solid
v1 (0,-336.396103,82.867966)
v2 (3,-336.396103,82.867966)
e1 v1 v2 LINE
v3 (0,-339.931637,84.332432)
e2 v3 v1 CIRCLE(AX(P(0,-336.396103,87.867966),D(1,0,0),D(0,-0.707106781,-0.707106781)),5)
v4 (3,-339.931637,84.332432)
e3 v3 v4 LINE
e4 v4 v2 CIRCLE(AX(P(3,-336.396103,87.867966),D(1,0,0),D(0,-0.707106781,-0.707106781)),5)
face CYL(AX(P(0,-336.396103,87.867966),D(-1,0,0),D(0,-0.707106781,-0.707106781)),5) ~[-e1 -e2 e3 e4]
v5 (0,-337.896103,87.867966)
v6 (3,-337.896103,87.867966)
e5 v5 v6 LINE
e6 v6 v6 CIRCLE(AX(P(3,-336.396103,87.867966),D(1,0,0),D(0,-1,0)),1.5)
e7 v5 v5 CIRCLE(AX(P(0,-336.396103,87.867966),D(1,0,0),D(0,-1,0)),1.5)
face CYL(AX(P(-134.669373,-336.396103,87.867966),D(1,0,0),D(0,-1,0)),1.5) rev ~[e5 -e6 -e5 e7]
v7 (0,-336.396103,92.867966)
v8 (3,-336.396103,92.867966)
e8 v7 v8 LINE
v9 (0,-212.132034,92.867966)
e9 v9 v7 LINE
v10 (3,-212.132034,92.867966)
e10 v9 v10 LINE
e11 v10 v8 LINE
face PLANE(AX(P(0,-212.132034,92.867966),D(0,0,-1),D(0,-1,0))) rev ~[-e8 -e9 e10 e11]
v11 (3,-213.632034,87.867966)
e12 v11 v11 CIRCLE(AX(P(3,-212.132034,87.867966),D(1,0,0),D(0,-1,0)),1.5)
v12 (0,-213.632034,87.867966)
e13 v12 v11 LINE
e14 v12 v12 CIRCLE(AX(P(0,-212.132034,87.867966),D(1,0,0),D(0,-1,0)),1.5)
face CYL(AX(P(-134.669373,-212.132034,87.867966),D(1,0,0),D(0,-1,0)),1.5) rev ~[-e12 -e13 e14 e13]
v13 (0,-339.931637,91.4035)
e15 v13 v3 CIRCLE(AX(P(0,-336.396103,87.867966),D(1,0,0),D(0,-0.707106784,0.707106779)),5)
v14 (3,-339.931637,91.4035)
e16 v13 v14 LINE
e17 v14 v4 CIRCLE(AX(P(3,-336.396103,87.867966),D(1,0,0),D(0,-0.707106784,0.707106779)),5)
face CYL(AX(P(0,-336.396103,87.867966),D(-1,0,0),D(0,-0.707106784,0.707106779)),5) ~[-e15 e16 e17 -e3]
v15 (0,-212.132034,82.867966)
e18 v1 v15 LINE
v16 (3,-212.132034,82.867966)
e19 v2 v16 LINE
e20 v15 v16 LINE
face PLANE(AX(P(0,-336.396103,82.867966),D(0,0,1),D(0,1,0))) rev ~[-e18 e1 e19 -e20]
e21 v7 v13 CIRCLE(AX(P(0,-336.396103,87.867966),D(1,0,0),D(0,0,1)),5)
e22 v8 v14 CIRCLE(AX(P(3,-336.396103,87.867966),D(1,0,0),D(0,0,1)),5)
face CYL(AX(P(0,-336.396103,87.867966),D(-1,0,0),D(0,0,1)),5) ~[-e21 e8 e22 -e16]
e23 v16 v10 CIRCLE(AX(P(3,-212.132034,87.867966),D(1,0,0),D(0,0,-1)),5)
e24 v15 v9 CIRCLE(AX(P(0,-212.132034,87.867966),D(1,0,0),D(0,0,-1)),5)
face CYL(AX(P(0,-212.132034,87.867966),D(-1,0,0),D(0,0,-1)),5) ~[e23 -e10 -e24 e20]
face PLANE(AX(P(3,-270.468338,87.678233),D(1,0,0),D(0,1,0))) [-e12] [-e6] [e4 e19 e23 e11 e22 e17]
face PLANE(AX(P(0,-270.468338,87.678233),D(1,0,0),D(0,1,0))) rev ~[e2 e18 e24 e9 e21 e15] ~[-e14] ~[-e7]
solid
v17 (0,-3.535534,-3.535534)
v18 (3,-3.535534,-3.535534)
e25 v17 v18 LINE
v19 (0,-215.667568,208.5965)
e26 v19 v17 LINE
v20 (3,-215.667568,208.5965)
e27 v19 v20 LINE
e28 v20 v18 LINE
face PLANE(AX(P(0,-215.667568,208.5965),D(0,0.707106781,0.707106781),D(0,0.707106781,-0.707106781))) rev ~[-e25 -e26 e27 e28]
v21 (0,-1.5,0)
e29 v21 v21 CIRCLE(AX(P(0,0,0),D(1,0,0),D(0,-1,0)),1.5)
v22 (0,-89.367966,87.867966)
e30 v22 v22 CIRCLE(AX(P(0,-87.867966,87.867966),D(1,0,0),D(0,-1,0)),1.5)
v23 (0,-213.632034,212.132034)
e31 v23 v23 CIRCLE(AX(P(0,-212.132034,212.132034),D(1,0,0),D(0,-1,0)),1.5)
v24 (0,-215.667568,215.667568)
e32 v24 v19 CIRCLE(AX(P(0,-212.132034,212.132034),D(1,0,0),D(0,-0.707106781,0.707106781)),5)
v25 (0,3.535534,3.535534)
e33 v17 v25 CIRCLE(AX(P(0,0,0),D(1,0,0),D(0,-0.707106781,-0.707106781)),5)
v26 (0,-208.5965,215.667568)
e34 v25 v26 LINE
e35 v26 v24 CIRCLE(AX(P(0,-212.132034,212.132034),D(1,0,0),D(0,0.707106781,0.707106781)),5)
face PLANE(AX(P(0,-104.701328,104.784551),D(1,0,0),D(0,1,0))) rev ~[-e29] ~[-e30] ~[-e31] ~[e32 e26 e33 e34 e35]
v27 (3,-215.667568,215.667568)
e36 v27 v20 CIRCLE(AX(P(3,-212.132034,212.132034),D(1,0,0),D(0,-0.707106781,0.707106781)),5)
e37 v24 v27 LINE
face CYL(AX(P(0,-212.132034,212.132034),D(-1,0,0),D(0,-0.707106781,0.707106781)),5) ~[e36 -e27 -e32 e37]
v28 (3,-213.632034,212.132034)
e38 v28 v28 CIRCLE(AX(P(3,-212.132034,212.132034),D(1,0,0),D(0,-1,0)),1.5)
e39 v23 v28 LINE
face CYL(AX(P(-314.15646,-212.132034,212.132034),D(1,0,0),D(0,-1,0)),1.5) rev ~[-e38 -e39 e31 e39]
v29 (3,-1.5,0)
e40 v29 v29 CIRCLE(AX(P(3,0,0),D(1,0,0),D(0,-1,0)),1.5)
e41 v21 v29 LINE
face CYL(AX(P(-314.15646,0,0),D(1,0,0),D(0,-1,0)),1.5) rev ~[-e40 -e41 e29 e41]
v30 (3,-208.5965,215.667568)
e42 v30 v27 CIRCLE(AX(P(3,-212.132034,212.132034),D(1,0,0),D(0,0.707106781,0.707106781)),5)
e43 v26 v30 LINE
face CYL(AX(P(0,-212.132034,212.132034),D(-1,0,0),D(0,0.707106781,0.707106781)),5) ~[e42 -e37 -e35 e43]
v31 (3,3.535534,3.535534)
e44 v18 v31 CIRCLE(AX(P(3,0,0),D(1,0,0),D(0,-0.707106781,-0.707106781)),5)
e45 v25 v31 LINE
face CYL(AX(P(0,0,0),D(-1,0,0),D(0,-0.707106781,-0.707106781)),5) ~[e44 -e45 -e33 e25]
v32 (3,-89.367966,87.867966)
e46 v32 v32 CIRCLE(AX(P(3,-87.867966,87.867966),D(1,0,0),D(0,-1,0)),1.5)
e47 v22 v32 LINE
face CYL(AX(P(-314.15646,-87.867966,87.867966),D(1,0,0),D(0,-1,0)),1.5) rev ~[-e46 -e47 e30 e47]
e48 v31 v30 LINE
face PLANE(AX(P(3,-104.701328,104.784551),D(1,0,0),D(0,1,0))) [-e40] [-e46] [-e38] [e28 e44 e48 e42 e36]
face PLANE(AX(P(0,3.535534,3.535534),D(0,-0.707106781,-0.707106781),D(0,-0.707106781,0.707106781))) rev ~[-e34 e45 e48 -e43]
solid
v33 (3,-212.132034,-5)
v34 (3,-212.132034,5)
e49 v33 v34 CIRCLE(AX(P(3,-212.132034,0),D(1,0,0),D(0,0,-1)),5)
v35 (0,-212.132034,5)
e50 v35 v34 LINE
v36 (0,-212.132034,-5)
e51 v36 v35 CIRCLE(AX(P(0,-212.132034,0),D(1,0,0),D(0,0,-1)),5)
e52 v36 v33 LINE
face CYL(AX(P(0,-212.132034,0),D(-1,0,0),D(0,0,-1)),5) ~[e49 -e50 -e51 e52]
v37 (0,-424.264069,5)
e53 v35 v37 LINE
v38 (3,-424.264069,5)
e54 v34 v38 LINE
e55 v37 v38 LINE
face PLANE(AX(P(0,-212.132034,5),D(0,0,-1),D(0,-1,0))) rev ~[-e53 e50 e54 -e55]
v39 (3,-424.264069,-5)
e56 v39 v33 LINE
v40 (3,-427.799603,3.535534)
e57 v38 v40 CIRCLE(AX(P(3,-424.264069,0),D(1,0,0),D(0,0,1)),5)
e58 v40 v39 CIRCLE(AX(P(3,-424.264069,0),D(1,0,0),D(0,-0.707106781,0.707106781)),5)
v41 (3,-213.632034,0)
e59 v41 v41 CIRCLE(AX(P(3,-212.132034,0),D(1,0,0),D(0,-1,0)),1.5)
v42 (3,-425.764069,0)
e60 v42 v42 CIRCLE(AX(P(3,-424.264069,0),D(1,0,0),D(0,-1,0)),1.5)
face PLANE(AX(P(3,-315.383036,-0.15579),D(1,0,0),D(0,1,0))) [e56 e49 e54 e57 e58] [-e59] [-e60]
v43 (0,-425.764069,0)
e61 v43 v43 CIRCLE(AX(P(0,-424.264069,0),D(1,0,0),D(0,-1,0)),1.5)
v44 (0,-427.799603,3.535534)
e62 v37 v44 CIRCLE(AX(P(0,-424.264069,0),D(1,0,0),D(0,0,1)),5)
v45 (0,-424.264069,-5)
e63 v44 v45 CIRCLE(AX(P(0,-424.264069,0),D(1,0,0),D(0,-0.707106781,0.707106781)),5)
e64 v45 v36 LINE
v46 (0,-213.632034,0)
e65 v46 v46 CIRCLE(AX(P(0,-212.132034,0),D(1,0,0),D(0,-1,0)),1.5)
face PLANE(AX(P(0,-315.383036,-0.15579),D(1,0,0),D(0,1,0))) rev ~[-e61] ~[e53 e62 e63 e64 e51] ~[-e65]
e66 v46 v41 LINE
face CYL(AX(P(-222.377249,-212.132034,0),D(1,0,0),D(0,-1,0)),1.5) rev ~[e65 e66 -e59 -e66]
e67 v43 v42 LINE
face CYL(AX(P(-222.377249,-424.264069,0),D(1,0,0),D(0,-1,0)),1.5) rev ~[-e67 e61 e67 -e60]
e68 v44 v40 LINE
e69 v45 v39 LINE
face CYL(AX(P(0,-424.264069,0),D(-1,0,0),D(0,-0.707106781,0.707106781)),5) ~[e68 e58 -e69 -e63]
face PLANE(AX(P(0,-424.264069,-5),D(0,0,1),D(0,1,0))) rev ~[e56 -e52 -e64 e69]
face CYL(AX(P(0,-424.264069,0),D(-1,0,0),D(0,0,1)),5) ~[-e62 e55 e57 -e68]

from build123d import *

# Parameters (mm, degrees)
F1_DEPTH = 3
F2_DEPTH = 3
F3_D     = 3
F3_2_D   = 3
F4_DEPTH = 3
F5_D     = 3
F6_D     = 3


with BuildPart() as f1:
    # F0 (on Right) → F1 (new body)
    with BuildSketch(Plane.YZ):
        with BuildLine():
            ThreePointArc((-208.59650045, 215.6675682619), (-207.132034356, 212.132034356), (-208.59650045, 208.59650045))
            Line((-208.59650045, 208.59650045), (-212.132034356, 205.0609665441))
            Line((-212.132034356, 205.0609665441), (-3.5355339059, -3.5355339059))
            ThreePointArc((-3.5355339059, -3.5355339059), (3.5355339059, -3.5355339059), (3.5355339059, 3.5355339059))
            Line((3.5355339059, 3.5355339059), (-208.59650045, 215.6675682619))
        make_face()
        Polygon((-212.132034356, 205.0609665441), (-208.59650045, 208.59650045), (-212.132034356, 212.132034356), (-215.6675682619, 208.59650045), align=None)
        with BuildLine():
            Line((-212.132034356, 212.132034356), (-208.59650045, 208.59650045))
            ThreePointArc((-208.59650045, 208.59650045), (-207.132034356, 212.132034356), (-208.59650045, 215.6675682619))
            ThreePointArc((-208.59650045, 215.6675682619), (-212.132034356, 217.132034356), (-215.6675682619, 215.6675682619))
            ThreePointArc((-215.6675682619, 215.6675682619), (-217.132034356, 212.132034356), (-215.6675682619, 208.59650045))
            Line((-215.6675682619, 208.59650045), (-212.132034356, 212.132034356))
        make_face()
    extrude(amount=F1_DEPTH)

    # F3 (through all)
    with Locations(Plane(origin=(0, 0, 0), x_dir=(0, 1, 0), z_dir=(-1, 0, 0))):
        with Locations((-212.132034356, 0), (-424.2640687119, 0), (0, 0), (-212.132034356, -212.132034356)):
            Hole(F3_D / 2)

    # F6 (through all)
    with Locations(Plane(origin=(0, 0, 0), x_dir=(0, 1, 0), z_dir=(-1, 0, 0))):
        with Locations((-87.867965644, -87.867965644)):
            Hole(F6_D / 2)


with BuildPart() as f2:
    # F0 (on Right) → F2 (new body)
    with BuildSketch(Plane.YZ):
        with BuildLine():
            ThreePointArc((-420.728534806, -3.5355339059), (-422.3506515501, -4.6193976626), (-424.2640687119, -5))
            Line((-424.2640687119, -5), (-212.132034356, -5))
            ThreePointArc((-212.132034356, -5), (-207.132034356, 0), (-212.132034356, 5))
            Line((-212.132034356, 5), (-412.1930009001, 5))
            Line((-412.1930009001, 5), (-417.1930009001, 0))
            Line((-417.1930009001, 0), (-420.728534806, -3.5355339059))
        make_face()
        Polygon((-412.1930009001, 5), (-419.2640687119, 5), (-424.2640687119, 0), (-417.1930009001, 0), align=None)
        with BuildLine():
            ThreePointArc((-424.2640687119, 5), (-426.1774858738, 4.6193976626), (-427.7996026179, 3.5355339059))
            ThreePointArc((-427.7996026179, 3.5355339059), (-428.8834663745, -1.9134171618), (-424.2640687119, -5))
            ThreePointArc((-424.2640687119, -5), (-422.3506515501, -4.6193976626), (-420.728534806, -3.5355339059))
            Line((-420.728534806, -3.5355339059), (-417.1930009001, 0))
            Line((-417.1930009001, 0), (-424.2640687119, 0))
            Line((-424.2640687119, 0), (-419.2640687119, 5))
            Line((-419.2640687119, 5), (-424.2640687119, 5))
        make_face()
    extrude(amount=F2_DEPTH)

    # F3#2 (through all)
    with Locations(Plane(origin=(0, 0, 0), x_dir=(0, 1, 0), z_dir=(-1, 0, 0))):
        with Locations((-212.132034356, 0), (-424.2640687119, 0), (0, 0), (-212.132034356, -212.132034356)):
            Hole(F3_2_D / 2)


with BuildPart() as f4:
    # F0 (on Right) → F4 (new body)
    with BuildSketch(Plane.YZ):
        with BuildLine():
            Line((-212.132034356, 92.867965644), (-324.325035256, 92.867965644))
            Line((-324.325035256, 92.867965644), (-329.325035256, 87.867965644))
            Line((-329.325035256, 87.867965644), (-334.325035256, 82.867965644))
            Line((-334.325035256, 82.867965644), (-212.132034356, 82.867965644))
            ThreePointArc((-212.132034356, 82.867965644), (-207.132034356, 87.867965644), (-212.132034356, 92.867965644))
        make_face()
        Polygon((-329.325035256, 87.867965644), (-324.325035256, 92.867965644), (-331.3961030679, 92.867965644), (-336.3961030679, 87.867965644), align=None)
        with BuildLine():
            Line((-336.3961030679, 87.867965644), (-331.3961030679, 92.867965644))
            Line((-331.3961030679, 92.867965644), (-336.3961030679, 92.867965644))
            ThreePointArc((-336.3961030679, 92.867965644), (-338.3095202384, 92.487363303), (-339.9316369872, 91.4034995366))
            ThreePointArc((-339.9316369872, 91.4034995366), (-341.3961030679, 87.8679656346), (-339.9316369738, 84.3324317381))
            Line((-339.9316369738, 84.3324317381), (-336.3961030679, 87.867965644))
        make_face()
        with BuildLine():
            Line((-334.325035256, 82.867965644), (-329.325035256, 87.867965644))
            Line((-329.325035256, 87.867965644), (-336.3961030679, 87.867965644))
            Line((-336.3961030679, 87.867965644), (-339.9316369738, 84.3324317381))
            ThreePointArc((-339.9316369738, 84.3324317381), (-338.3095202297, 83.2485679815), (-336.3961030679, 82.867965644))
            Line((-336.3961030679, 82.867965644), (-334.325035256, 82.867965644))
        make_face()
    extrude(amount=F4_DEPTH)

    # F5 (through all)
    with Locations(Plane(origin=(0, 0, 0), x_dir=(0, 1, 0), z_dir=(-1, 0, 0))):
        with Locations((-336.3961030679, -87.867965644), (-212.132034356, -87.867965644)):
            Hole(F5_D / 2)


solid = Compound([f1.part, f2.part, f4.part])
